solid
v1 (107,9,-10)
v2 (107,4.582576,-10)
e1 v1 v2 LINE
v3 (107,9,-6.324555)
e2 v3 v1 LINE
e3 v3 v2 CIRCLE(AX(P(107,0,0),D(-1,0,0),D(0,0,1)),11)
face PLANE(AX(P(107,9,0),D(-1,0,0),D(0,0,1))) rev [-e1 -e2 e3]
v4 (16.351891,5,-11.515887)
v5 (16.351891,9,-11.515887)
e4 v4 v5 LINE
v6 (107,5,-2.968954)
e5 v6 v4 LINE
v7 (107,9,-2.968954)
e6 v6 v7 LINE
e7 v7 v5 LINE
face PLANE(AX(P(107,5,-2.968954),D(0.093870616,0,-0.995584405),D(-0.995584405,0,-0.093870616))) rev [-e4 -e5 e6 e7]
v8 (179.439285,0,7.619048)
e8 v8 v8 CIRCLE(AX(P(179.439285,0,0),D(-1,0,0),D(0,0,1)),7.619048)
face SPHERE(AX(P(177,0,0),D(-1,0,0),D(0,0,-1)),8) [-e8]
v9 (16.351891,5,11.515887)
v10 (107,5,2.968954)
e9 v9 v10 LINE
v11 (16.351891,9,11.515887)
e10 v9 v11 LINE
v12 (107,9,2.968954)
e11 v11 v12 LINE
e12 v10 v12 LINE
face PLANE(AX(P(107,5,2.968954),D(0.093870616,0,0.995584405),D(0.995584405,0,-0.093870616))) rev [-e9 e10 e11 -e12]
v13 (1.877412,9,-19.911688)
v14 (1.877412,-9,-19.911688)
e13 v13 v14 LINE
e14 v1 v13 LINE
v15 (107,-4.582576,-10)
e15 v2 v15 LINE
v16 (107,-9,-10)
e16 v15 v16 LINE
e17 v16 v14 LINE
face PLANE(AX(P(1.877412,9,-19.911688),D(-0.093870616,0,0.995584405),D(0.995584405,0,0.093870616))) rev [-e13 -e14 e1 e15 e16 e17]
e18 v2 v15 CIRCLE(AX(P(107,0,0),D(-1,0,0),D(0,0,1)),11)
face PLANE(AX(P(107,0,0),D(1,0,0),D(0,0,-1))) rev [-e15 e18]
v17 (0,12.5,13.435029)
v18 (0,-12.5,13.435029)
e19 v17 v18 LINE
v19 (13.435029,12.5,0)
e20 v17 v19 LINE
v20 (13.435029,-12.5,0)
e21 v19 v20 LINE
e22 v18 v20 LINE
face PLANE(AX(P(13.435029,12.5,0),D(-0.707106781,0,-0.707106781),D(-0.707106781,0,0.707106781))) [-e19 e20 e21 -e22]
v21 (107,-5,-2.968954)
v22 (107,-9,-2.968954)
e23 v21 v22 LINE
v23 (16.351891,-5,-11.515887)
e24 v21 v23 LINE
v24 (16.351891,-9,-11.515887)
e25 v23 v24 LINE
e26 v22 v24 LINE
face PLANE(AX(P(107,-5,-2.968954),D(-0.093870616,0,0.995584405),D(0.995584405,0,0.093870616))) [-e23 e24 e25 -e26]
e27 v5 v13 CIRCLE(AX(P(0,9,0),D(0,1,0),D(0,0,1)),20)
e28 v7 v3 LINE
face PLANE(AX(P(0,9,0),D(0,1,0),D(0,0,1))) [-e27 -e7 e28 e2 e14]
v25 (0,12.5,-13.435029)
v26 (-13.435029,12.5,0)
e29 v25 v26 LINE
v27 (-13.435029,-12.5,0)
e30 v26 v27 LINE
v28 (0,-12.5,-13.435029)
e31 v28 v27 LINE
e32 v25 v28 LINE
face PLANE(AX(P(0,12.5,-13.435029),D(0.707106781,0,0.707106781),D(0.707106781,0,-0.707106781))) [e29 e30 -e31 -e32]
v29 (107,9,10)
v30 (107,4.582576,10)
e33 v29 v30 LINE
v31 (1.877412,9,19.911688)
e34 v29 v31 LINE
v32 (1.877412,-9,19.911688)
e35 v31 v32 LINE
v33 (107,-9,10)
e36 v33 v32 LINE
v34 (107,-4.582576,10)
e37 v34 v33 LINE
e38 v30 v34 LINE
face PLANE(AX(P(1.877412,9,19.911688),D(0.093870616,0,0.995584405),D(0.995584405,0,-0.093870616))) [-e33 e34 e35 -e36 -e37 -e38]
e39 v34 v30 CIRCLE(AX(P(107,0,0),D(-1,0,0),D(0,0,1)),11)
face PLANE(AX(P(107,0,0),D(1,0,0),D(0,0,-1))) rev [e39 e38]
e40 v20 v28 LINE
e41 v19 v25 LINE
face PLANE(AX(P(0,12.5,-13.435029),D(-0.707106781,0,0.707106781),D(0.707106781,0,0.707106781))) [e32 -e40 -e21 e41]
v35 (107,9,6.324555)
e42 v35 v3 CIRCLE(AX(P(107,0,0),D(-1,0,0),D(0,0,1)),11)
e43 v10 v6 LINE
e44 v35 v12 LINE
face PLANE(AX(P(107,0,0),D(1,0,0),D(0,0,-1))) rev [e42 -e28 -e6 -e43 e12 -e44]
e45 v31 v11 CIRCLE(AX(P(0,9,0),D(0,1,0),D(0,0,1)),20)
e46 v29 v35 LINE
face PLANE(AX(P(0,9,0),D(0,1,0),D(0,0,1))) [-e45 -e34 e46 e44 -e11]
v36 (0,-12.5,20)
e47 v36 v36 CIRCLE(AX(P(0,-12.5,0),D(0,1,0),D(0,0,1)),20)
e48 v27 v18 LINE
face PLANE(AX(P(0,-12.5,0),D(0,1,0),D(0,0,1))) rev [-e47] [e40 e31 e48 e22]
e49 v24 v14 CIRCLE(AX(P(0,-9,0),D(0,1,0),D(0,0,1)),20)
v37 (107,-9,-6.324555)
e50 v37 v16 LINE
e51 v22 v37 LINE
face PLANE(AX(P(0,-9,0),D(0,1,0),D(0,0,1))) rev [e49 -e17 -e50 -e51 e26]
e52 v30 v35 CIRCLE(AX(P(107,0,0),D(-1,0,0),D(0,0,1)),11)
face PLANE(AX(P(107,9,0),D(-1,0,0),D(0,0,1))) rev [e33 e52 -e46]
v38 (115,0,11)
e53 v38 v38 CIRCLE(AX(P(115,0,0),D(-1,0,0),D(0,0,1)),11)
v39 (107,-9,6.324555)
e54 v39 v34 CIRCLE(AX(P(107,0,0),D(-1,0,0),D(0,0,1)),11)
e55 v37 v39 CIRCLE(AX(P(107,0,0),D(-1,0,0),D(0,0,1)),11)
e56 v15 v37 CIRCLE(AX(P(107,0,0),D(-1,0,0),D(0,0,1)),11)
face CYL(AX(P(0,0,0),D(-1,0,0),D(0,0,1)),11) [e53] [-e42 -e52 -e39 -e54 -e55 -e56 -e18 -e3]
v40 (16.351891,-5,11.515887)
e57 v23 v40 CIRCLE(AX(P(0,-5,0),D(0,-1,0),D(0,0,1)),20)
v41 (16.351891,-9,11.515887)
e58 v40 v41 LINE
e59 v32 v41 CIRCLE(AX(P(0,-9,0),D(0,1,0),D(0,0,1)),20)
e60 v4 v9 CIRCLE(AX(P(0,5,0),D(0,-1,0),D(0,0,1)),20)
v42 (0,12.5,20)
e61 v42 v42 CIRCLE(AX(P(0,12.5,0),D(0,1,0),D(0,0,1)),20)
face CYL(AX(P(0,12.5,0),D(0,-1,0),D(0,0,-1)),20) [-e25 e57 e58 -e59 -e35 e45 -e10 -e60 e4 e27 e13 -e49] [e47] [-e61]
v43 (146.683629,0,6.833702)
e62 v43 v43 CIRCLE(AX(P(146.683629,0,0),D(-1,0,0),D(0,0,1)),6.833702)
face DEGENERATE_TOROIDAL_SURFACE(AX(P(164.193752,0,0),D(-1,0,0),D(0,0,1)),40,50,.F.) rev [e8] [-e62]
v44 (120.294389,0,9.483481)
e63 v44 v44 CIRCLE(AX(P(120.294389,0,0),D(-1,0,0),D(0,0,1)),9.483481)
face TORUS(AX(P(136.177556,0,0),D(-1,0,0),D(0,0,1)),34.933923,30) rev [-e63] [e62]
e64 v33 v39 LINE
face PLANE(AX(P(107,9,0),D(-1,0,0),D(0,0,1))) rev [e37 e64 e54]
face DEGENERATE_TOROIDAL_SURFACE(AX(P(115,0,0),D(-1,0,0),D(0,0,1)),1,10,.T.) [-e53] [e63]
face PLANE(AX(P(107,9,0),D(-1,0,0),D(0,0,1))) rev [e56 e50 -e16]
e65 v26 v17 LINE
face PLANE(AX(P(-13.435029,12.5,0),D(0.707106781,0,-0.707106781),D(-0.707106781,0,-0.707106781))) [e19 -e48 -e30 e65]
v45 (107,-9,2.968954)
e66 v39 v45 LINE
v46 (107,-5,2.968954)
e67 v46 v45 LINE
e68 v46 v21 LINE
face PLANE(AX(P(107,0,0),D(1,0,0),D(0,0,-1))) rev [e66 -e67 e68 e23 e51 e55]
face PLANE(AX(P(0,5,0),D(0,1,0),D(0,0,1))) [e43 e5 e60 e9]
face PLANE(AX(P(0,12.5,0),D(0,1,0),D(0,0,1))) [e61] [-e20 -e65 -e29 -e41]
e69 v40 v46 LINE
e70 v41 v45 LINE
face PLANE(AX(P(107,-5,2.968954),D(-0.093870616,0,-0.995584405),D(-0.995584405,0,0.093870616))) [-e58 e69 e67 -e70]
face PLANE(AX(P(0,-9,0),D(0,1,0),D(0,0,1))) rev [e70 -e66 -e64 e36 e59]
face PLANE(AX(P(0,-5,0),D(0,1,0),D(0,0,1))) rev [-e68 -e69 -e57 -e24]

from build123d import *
from build123d.topology import SkipClean

# Parameters (mm, degrees)
SKETCH_1_R          = 20
EXTRUDE_1_DEPTH     = 12.5
EXTRUDE_2_DEPTH     = 9
CUT_EXTRUDE_START   = 5
CUT_EXTRUDE_1_DEPTH = 4
CUT_EXTRUDE_START_2 = -9
CUT_EXTRUDE_2_DEPTH = 4


with BuildPart() as part:
    # 草图1 → 凸台-拉伸1 (new, symmetric)
    with BuildSketch(Plane(origin=(0, 0, 0), x_dir=(1, 0, 0), z_dir=(0, 1, 0))):
        with Locations(Location((0, 0, 0), (0, 0, 270))):
            Circle(SKETCH_1_R)
        Polygon((0, 13.435028843), (13.435028843, 0), (0, -13.435028843), (-13.435028843, 0), align=None, mode=Mode.SUBTRACT)
    extrude(amount=EXTRUDE_1_DEPTH, both=True)

    # 草图2 → 凸台-拉伸2 (add, symmetric)
    with BuildSketch(Plane(origin=(0, 0, 0), x_dir=(1, 0, 0), z_dir=(0, 1, 0))):
        with BuildLine():
            ThreePointArc((1.877412327, 19.911688099), (14.791014951, 13.462016072), (20, 0))
            Line((20, 0), (107, 0))
            Line((107, 0), (107, 10))
            Line((107, 10), (1.877412327, 19.911688099))
        make_face()
        with BuildLine():
            Line((107, 0), (20, 0))
            ThreePointArc((20, 0), (14.791014951, -13.462016072), (1.877412327, -19.911688099))
            Line((1.877412327, -19.911688099), (107, -10))
            Line((107, -10), (107, 0))
        make_face()
    extrude(amount=EXTRUDE_2_DEPTH, both=True)

    # 草图3 → 切除-拉伸1 (cut)
    with SkipClean():  # the faces are left unmerged after this step: merging them gives an invalid solid
        with BuildSketch(Plane(origin=(0, 0, 0), x_dir=(1, 0, 0), z_dir=(0, 1, 0)).offset(CUT_EXTRUDE_START)):
            with BuildLine():
                Line((107, 2.968953747), (16.351890932, 11.515887415))
                ThreePointArc((16.351890932, 11.515887415), (20, 0), (16.351890932, -11.515887415))
                Line((16.351890932, -11.515887415), (107, -2.968953747))
                Line((107, -2.968953747), (107, 2.968953747))
            make_face()
        extrude(amount=CUT_EXTRUDE_1_DEPTH, mode=Mode.SUBTRACT)

    # 草图3<2> → 切除-拉伸2 (cut)
    with SkipClean():  # the faces are left unmerged after this step: merging them gives an invalid solid
        with BuildSketch(Plane(origin=(0, 0, 0), x_dir=(1, 0, 0), z_dir=(0, 1, 0)).offset(CUT_EXTRUDE_START_2)):
            with BuildLine():
                Line((107, 2.968953747), (16.351890932, 11.515887415))
                ThreePointArc((16.351890932, 11.515887415), (20, 0), (16.351890932, -11.515887415))
                Line((16.351890932, -11.515887415), (107, -2.968953747))
                Line((107, -2.968953747), (107, 2.968953747))
            make_face()
        extrude(amount=CUT_EXTRUDE_2_DEPTH, mode=Mode.SUBTRACT)

    # 草图4 → 旋转1 (revolve)
    with SkipClean():  # the faces are left unmerged after this step: merging them gives an invalid solid
        with BuildSketch(Plane(origin=(0, 0, 0), x_dir=(1, 0, 0), z_dir=(0, 1, 0)), mode=Mode.PRIVATE) as revolve_1_sk:
            with BuildLine():
                Line((107, 0), (107, 11))
                Line((107, 11), (115, 11))
                ThreePointArc((115, 11), (117.753651476, 10.613397087), (120.294389016, 9.483480709))
                ThreePointArc((120.294389016, 9.483480709), (133.180287907, 5.08402529), (146.683629362, 6.833701774))
                ThreePointArc((146.683629362, 6.833701774), (162.995301682, 9.985635116), (179.439285424, 7.619047619))
                ThreePointArc((179.439285424, 7.619047619), (183.461976609, 4.716233487), (185, 0))
                Line((185, 0), (107, 0))
            make_face()
        revolve(revolve_1_sk.sketch.rotate(Axis((0, 0, 0), (1, 0, 0)), 180), axis=Axis((0, 0, 0), (1, 0, 0)))


solid = part.part
